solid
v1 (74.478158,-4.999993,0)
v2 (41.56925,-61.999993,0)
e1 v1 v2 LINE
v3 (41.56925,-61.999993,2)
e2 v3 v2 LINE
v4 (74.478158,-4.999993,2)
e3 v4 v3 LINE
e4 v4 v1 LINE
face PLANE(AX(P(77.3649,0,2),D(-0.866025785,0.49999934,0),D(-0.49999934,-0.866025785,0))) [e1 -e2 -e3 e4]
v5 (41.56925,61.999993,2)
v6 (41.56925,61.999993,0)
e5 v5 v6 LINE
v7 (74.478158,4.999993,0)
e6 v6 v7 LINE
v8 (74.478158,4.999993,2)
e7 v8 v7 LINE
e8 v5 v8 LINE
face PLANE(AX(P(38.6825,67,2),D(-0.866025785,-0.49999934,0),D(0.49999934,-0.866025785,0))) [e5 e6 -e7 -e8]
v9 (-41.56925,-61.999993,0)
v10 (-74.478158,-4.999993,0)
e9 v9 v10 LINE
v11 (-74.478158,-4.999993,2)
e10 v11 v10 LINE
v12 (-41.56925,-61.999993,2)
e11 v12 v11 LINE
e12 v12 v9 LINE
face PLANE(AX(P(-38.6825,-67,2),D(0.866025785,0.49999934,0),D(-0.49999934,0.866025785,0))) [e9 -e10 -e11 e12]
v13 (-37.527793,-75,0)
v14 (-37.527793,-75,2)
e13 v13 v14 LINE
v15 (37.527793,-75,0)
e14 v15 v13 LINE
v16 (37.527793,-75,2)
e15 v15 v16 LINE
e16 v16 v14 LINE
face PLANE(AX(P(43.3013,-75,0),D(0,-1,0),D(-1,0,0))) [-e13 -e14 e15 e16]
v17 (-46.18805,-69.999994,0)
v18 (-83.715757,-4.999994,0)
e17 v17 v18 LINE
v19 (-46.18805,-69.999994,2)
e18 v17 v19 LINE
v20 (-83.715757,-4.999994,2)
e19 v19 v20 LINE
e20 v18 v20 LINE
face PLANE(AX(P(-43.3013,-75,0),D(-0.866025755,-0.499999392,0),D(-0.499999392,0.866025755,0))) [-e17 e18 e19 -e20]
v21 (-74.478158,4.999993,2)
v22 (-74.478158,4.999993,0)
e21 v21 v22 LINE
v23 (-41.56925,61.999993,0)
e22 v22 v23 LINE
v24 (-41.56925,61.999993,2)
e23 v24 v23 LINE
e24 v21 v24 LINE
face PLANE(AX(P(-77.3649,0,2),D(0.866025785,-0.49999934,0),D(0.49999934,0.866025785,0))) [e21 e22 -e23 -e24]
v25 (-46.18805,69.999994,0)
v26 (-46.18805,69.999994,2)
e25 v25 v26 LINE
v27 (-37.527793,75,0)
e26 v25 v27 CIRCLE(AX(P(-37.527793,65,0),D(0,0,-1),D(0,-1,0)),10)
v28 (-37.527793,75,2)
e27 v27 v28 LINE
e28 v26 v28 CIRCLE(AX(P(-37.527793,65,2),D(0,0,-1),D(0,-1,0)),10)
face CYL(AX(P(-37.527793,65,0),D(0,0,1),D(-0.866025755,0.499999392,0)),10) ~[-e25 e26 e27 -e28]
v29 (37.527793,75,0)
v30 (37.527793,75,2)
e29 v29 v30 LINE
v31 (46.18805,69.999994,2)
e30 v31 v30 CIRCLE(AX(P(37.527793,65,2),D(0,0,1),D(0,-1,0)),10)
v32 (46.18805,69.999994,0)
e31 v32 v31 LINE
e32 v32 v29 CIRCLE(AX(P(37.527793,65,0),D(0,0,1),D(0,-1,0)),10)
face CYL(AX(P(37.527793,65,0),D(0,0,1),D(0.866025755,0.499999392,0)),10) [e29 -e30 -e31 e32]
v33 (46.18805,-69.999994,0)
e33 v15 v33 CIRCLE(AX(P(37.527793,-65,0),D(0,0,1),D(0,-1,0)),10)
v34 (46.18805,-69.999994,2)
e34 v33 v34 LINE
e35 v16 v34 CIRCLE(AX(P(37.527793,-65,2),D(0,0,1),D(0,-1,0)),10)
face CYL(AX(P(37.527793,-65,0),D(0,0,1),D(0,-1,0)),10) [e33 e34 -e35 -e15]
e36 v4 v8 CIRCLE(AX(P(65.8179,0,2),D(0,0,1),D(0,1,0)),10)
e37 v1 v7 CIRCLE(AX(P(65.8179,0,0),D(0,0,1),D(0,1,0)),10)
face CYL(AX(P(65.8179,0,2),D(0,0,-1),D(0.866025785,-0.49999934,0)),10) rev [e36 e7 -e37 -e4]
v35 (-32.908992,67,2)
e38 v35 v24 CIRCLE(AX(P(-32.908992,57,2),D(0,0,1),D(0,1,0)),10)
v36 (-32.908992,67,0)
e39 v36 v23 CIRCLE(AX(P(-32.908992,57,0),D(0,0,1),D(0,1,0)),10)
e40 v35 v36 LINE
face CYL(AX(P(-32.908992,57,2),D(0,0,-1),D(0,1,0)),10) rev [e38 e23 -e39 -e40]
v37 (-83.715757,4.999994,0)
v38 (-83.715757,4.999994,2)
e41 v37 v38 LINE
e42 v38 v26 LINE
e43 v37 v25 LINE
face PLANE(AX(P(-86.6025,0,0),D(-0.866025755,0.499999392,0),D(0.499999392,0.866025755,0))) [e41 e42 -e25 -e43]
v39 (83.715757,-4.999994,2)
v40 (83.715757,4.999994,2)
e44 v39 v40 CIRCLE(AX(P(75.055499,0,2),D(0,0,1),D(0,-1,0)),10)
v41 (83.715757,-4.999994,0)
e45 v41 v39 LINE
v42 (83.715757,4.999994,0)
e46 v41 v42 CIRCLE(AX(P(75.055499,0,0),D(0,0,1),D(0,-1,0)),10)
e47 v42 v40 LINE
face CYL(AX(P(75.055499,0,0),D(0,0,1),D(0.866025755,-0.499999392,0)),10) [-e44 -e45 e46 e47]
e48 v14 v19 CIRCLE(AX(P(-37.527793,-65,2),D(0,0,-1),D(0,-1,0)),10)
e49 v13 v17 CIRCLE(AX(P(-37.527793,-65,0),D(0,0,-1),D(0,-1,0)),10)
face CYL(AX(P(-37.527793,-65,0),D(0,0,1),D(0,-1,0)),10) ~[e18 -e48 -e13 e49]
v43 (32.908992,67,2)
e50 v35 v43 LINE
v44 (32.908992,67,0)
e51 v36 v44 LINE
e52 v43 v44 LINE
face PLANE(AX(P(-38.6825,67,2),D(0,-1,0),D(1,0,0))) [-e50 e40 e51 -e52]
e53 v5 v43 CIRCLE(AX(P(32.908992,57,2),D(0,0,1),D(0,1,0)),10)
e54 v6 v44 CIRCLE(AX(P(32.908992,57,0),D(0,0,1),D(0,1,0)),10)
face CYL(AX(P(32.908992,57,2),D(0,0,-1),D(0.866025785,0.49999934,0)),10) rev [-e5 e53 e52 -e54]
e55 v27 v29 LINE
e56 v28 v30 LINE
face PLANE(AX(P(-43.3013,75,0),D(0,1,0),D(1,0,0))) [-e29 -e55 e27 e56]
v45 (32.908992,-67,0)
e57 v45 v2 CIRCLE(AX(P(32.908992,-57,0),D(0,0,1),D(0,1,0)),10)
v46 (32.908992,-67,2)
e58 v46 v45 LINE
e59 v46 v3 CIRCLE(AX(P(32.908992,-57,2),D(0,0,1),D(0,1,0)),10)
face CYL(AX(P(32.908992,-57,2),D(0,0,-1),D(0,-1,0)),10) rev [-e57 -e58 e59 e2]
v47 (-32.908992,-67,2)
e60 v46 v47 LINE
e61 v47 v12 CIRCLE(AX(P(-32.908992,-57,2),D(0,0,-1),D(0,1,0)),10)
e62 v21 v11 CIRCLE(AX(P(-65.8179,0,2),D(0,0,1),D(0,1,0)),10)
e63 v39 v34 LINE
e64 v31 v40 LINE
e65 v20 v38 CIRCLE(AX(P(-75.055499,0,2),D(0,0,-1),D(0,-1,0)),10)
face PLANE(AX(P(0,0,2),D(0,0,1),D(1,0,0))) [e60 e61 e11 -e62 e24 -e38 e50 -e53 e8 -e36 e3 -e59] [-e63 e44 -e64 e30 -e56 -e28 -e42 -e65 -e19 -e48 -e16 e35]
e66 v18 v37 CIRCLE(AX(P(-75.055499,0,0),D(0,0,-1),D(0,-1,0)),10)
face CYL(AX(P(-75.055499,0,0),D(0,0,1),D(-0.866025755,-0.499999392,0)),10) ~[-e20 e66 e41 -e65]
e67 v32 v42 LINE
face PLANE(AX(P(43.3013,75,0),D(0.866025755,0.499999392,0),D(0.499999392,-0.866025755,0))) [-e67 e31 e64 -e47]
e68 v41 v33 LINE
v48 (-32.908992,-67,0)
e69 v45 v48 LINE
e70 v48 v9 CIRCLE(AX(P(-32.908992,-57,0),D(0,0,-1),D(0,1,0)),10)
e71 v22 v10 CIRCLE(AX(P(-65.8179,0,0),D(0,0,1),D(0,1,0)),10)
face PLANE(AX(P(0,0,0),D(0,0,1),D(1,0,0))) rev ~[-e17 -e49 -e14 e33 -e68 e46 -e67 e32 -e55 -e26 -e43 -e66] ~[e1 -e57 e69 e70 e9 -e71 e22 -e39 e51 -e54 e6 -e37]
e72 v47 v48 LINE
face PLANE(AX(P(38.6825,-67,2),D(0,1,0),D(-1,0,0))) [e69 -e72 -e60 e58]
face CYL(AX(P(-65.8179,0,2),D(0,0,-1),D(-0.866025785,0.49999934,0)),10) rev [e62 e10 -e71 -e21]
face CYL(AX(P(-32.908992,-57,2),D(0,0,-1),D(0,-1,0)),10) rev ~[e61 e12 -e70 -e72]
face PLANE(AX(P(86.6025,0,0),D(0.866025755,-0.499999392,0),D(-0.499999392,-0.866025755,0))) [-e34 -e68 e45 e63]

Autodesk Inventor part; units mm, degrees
ref_plane "YZ Plane" through (0, 0, 0) normal (1, 0, 0) x (0, 1, 0)
ref_plane "XZ Plane" through (0, 0, 0) normal (0, 1, 0) x (-1, 0, 0)
ref_plane "XY Plane" through (0, 0, 0) normal (0, 0, 1) x (1, 0, 0)
sketch "Sketch1" plane through (0, 0, 0) normal (0, 0, 1) x (1, 0, 0)
  line L0 (43.3013, -75) -> (-43.3013, -75)
  line L1 (-43.3013, -75) -> (-86.6025, 0)
  line L2 (-86.6025, 0) -> (-43.3013, 75)
  line L3 (-43.3013, 75) -> (43.3013, 75)
  line L4 (43.3013, 75) -> (86.6025, 0)
  line L5 (86.6025, 0) -> (43.3013, -75)
  point P0 (0, 0)
  point P1 (0, 0)
  dimension "d0" = 150
extrude "Extrusion1" add sketch "Sketch1" along normal blind 2
sketch "Sketch7" plane through (0, 0, 2) normal (0, 0, 1) x (1, 0, 0)
  line L0 (40.9919, 71) -> (-40.9919, 71) projected
  line L1 (-40.9919, 71) -> (-81.9837, 0) projected
  line L2 (-81.9837, 0) -> (-40.9919, -71) projected
  line L3 (-40.9919, -71) -> (40.9919, -71) projected
  line L4 (40.9919, -71) -> (81.9837, 0) projected
  line L5 (81.9837, 0) -> (40.9919, 71) projected
  line L6 (-38.6825, -67) -> (-77.3649, 0)
  line L7 (-77.3649, 0) -> (-38.6825, 67)
  line L8 (-38.6825, 67) -> (38.6825, 67)
  line L9 (38.6825, 67) -> (77.3649, 0)
  line L10 (77.3649, 0) -> (38.6825, -67)
  line L11 (38.6825, -67) -> (-38.6825, -67)
  point P0 (0, 0)
  dimension "d19" = 4
extrude "Extrusion6" cut sketch "Sketch7" against normal blind 7 contours L6 L7 L8 L9 L10 L11
fillet "Fillet2" radius 10 6 edges at (38.6825, -67, 1) (77.3649, 0, 1) (38.6825, 67, 1) (-38.6825, 67, 1) (-77.3649, 0, 1) (-38.6825, -67, 1)
fillet "Fillet3" radius 10 6 edges at (-43.3013, 75, 1) (43.3013, 75, 1) (86.6025, 0, 1) (43.3013, -75, 1) (-43.3013, -75, 1) (-86.6025, 0, 1)
properties part number "Cover v1"
